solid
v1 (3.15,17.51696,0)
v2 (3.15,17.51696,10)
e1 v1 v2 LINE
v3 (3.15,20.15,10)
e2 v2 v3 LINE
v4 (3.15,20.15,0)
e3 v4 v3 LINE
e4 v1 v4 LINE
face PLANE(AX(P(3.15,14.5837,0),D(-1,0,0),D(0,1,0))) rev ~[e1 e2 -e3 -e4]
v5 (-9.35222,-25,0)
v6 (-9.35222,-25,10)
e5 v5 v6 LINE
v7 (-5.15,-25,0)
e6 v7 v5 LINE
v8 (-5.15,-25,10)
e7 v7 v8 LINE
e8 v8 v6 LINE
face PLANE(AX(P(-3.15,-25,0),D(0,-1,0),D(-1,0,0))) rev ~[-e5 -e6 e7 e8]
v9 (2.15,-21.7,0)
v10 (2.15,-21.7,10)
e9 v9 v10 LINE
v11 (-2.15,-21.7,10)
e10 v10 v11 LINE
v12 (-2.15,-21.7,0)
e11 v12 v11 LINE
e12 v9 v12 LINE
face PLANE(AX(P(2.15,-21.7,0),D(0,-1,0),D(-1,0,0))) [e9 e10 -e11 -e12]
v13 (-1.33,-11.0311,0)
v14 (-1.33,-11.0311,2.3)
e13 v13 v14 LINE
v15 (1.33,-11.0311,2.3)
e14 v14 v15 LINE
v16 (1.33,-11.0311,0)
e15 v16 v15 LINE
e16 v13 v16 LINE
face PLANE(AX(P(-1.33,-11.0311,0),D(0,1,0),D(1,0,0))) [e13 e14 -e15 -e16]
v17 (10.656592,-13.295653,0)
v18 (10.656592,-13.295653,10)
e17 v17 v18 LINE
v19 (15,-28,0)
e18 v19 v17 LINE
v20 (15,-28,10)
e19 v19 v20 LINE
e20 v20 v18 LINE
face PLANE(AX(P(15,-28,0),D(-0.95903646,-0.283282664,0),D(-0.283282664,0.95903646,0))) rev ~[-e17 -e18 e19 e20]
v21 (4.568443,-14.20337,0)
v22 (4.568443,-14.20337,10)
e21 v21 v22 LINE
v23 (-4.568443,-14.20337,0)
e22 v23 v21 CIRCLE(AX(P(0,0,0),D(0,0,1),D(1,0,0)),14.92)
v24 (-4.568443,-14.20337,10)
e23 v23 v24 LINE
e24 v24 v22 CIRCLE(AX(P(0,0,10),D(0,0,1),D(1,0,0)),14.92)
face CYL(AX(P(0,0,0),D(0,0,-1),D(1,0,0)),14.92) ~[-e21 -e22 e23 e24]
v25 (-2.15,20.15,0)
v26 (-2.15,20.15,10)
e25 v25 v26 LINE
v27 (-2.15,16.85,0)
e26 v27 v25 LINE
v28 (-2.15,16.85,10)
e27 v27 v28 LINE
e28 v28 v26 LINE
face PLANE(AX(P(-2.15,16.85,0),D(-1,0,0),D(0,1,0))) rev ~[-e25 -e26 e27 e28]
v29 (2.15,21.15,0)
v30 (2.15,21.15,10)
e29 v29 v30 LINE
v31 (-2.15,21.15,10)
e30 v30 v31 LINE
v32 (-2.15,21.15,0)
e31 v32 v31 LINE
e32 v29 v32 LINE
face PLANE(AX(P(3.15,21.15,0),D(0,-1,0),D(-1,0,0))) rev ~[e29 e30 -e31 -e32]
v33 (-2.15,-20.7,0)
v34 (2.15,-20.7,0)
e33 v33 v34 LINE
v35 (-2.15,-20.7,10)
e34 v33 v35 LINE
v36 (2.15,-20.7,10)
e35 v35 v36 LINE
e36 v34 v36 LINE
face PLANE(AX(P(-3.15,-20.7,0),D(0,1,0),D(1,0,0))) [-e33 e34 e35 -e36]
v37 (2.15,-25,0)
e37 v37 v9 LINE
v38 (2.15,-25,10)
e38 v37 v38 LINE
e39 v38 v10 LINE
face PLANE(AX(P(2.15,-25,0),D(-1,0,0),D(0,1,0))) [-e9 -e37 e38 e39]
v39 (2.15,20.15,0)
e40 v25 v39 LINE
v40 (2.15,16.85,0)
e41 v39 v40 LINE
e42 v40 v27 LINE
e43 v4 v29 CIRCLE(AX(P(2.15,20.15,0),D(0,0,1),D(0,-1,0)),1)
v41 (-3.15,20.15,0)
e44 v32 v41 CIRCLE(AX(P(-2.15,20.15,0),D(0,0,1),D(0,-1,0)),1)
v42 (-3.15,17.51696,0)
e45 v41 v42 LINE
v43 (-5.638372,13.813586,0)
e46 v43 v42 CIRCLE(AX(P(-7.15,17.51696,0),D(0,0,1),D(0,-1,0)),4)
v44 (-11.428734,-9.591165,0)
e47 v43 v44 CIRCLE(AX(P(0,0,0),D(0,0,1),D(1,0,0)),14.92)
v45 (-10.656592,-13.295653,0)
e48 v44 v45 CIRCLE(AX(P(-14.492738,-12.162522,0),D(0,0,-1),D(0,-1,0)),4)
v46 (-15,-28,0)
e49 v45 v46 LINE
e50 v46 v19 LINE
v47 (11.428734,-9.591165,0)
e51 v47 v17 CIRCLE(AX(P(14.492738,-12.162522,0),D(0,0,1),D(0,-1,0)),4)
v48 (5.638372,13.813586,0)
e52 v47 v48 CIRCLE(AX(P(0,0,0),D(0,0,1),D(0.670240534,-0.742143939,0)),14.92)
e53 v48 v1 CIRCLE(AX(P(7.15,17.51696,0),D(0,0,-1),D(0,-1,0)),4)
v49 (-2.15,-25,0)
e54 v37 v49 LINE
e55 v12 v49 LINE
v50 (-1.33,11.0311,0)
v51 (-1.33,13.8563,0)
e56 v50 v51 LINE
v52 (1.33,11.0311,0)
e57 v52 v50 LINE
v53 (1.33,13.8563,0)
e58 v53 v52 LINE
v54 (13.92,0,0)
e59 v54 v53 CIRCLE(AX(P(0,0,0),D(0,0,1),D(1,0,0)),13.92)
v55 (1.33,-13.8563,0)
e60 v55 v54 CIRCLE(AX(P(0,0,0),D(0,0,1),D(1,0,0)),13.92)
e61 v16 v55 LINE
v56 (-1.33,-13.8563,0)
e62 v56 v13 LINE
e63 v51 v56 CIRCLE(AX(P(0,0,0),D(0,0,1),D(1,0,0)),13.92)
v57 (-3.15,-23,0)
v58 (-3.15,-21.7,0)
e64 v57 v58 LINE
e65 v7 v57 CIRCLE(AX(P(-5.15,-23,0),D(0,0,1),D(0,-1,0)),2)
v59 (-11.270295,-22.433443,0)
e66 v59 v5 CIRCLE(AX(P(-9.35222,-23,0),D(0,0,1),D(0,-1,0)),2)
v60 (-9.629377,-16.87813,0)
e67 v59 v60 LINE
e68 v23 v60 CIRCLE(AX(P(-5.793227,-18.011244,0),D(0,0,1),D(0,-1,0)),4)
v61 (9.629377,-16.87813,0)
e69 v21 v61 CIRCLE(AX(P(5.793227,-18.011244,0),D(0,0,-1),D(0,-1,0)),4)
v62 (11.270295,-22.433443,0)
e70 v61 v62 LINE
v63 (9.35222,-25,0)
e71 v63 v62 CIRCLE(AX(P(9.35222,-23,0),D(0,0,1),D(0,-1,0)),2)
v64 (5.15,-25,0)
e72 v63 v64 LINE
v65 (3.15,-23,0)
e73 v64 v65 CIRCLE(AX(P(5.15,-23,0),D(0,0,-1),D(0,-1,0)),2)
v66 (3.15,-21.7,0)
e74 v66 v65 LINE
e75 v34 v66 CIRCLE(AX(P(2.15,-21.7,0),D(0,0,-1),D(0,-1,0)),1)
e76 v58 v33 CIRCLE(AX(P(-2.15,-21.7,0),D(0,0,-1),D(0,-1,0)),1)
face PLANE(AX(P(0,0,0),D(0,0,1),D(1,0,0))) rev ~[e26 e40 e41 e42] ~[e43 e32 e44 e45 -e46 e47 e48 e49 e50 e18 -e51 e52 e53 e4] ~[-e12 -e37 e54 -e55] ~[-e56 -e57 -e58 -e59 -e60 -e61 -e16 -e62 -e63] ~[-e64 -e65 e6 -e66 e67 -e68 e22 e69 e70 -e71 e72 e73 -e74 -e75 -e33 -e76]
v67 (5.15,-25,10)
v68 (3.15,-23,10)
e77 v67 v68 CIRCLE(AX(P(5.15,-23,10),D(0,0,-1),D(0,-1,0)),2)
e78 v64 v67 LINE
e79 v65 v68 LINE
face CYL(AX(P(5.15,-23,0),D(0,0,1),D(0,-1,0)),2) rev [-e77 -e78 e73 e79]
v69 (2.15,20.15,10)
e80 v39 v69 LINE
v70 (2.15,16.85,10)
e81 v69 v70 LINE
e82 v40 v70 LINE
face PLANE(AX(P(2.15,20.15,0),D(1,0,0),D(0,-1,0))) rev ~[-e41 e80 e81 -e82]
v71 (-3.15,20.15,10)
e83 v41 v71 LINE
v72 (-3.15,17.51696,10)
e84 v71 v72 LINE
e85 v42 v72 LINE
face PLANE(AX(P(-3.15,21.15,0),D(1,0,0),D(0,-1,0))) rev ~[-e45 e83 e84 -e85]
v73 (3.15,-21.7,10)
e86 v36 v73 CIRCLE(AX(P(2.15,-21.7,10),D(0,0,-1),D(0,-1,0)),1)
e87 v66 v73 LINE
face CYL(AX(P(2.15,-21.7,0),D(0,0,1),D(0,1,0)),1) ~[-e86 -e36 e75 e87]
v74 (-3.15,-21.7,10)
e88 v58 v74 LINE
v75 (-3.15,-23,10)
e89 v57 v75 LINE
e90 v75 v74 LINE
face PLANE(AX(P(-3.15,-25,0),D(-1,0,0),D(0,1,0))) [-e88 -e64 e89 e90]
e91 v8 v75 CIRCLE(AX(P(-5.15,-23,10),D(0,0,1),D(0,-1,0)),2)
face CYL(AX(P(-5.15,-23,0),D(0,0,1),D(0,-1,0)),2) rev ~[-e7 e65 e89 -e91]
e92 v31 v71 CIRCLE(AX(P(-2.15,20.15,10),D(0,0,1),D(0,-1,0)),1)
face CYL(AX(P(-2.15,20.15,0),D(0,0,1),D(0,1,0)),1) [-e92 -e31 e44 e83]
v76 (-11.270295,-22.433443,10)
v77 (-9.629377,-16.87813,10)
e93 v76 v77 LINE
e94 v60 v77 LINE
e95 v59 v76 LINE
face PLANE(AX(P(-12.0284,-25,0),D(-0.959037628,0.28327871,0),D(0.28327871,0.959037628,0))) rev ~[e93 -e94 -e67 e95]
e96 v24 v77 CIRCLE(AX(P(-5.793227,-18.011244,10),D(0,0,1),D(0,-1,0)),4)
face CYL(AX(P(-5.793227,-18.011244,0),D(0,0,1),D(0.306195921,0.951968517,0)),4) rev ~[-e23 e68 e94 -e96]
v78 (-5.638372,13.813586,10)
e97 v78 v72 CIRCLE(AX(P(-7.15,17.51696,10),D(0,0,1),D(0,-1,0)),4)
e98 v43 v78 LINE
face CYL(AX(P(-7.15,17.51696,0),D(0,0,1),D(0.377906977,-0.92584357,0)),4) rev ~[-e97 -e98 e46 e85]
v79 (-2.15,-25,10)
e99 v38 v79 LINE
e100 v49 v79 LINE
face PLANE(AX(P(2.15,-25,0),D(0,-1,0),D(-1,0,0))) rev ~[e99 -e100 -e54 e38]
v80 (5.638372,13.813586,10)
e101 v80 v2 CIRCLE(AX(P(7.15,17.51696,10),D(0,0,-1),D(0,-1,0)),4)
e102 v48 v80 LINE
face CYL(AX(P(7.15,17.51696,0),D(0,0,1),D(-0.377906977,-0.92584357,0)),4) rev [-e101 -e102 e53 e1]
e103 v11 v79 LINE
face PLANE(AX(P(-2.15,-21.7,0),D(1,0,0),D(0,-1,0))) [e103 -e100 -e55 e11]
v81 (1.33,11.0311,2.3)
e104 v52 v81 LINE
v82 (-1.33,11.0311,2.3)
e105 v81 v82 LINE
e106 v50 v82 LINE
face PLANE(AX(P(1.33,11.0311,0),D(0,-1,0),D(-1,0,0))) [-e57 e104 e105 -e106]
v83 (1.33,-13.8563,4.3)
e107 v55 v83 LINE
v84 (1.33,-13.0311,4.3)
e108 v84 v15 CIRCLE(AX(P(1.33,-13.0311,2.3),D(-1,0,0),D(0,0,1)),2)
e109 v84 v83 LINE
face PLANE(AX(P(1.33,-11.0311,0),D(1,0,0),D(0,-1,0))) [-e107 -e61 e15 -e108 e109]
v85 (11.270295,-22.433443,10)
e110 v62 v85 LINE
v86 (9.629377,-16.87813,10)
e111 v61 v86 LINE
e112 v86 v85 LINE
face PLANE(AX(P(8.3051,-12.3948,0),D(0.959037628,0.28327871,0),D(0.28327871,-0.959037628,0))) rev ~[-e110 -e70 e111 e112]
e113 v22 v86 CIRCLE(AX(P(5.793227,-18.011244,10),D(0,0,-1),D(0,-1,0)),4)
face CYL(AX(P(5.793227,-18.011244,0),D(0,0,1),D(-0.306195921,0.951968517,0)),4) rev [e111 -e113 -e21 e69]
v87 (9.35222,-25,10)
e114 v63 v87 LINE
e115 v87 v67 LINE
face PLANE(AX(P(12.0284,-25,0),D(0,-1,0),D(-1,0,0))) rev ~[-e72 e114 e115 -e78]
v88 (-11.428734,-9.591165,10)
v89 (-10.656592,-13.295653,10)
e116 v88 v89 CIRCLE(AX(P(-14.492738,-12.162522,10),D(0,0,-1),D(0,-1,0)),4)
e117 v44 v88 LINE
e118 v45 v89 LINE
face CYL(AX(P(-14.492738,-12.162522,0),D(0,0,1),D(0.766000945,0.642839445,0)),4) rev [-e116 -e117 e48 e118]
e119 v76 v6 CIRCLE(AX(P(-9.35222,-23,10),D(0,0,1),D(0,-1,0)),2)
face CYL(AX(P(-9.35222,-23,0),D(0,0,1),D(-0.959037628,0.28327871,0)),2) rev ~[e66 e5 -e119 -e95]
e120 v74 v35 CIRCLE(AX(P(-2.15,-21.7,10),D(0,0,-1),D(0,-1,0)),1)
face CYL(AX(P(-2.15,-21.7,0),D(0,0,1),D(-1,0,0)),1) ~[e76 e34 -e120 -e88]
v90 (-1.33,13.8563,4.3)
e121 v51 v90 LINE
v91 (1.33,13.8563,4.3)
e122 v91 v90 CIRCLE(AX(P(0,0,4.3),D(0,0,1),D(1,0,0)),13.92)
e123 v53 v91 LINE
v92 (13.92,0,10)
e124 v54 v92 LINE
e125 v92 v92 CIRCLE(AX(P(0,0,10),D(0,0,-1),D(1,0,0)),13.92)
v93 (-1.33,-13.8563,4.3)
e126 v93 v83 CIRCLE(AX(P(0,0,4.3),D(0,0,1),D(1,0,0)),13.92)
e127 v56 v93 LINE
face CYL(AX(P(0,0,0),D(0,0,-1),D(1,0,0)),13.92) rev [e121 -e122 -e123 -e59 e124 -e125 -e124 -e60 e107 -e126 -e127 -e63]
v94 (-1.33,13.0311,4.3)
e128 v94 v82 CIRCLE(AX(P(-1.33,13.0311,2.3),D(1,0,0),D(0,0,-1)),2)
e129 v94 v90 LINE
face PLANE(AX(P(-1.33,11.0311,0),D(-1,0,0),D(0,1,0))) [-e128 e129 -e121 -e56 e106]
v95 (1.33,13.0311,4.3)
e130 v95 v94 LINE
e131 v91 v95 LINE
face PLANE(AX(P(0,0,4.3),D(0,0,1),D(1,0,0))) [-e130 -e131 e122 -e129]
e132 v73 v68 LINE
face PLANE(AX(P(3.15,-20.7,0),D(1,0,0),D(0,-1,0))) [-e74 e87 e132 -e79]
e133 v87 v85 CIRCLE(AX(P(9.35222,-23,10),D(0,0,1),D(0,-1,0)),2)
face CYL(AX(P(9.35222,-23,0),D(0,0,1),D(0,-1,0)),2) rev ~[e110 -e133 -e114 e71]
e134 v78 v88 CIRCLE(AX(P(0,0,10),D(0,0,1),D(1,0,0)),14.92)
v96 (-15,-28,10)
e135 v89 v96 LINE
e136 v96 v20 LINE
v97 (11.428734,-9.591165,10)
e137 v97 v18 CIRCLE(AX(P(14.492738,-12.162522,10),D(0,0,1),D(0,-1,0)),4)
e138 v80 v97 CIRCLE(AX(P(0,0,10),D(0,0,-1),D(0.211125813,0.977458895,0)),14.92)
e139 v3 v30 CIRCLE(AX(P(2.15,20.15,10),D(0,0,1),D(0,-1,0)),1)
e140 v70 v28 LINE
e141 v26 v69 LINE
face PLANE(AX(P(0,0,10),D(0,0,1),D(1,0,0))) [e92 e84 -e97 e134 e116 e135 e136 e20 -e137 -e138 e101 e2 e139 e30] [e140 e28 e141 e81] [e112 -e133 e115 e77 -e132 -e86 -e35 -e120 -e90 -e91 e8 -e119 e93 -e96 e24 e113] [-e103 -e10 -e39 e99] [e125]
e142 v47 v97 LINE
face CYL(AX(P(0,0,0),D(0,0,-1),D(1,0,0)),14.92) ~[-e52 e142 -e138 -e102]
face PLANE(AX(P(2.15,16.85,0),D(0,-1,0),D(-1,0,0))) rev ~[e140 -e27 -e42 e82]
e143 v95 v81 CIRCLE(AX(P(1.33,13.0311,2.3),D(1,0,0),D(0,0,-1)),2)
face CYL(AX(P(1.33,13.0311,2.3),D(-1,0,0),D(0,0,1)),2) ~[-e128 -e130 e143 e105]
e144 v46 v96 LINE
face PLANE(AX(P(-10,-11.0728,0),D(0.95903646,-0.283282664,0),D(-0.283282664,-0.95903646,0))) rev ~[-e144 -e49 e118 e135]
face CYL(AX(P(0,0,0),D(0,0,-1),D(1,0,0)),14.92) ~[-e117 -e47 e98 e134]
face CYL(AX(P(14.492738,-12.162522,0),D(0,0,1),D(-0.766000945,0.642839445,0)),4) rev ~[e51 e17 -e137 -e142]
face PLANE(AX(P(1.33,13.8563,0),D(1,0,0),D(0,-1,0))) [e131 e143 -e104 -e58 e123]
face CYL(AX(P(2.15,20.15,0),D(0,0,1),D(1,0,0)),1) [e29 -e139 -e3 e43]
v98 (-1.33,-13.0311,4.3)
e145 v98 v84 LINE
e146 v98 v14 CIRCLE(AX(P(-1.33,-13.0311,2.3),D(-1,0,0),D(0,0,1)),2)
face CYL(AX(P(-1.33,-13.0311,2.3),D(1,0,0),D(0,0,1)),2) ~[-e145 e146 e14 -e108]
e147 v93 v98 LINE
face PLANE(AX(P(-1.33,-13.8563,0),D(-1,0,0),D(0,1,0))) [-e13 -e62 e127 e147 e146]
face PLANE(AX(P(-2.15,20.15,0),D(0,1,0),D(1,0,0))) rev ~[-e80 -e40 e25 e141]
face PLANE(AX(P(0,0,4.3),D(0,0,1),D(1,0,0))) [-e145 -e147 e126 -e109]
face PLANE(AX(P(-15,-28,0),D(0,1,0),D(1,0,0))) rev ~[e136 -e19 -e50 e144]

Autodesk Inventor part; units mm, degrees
ref_plane "YZ Plane" through (0, 0, 0) normal (1, 0, 0) x (0, 1, 0)
ref_plane "XZ Plane" through (0, 0, 0) normal (0, 1, 0) x (-1, 0, 0)
ref_plane "XY Plane" through (0, 0, 0) normal (0, 0, 1) x (1, 0, 0)
sketch "Sketch1" plane through (0, 0, 0) normal (0, 0, 1) x (1, 0, 0)
  circle A0 centre (0, 0) radius 13.92
  circle A1 centre (0, 0) radius 14.92
  line L0 (-10, -11.0728) -> (-15, -28)
  line L1 (-15, -28) -> (15, -28)
  line L2 (15, -28) -> (10, -11.0728)
  line L3 (8.3051, -12.3948) -> (12.0284, -25)
  line L4 (12.0284, -25) -> (-12.0284, -25)
  line L5 (-12.0284, -25) -> (-8.3051, -12.3948)
  line L6 (-2, -22) -> (2, -22) construction
  line L7 (2, -22) -> (2, -25) construction
  line L8 (2, -25) -> (-2, -25) construction
  line L9 (-2, -25) -> (-2, -22) construction
  line L10 (2.15, -21.7) -> (-2.15, -21.7)
  line L11 (-2.15, -21.7) -> (-2.15, -25)
  line L12 (-2.15, -25) -> (2.15, -25) construction
  line L13 (2.15, -25) -> (2.15, -25)
  line L14 (2.15, -25) -> (2.15, -21.7)
  line L15 (-2.15, -25) -> (-2.15, -25)
  line L16 (-3.15, -25) -> (-3.15, -20.7)
  line L17 (-3.15, -20.7) -> (3.15, -20.7)
  line L18 (3.15, -20.7) -> (3.15, -25)
  line L19 (-1.48, 13.8411) -> (-1.48, 10.8811) construction
  line L20 (-1.48, 10.8811) -> (1.48, 10.8811) construction
  line L21 (1.48, 10.8811) -> (1.48, 13.8411) construction
  line L22 (1.33, 13.8563) -> (1.33, 11.0311)
  line L23 (1.33, 11.0311) -> (-1.33, 11.0311)
  line L24 (-1.33, 11.0311) -> (-1.33, 13.8563)
  line L25 (-1.33, -13.8563) -> (-1.33, -11.0311)
  line L26 (-1.33, -11.0311) -> (1.33, -11.0311)
  line L27 (1.33, -11.0311) -> (1.33, -13.8563)
  line L28 (2, 20) -> (-2, 20) construction
  line L29 (-2, 20) -> (-2, 17) construction
  line L30 (-2, 17) -> (2, 17) construction
  line L31 (2, 17) -> (2, 20) construction
  line L32 (-2.15, 16.85) -> (-2.15, 20.15)
  line L33 (-2.15, 20.15) -> (2.15, 20.15)
  line L34 (2.15, 20.15) -> (2.15, 16.85)
  line L35 (2.15, 16.85) -> (-2.15, 16.85)
  line L36 (3.15, 14.5837) -> (3.15, 21.15)
  line L37 (3.15, 21.15) -> (-3.15, 21.15)
  line L38 (-3.15, 21.15) -> (-3.15, 14.5837)
  point P0 (0, -22)
  point P1 (0, 10.8811)
  point P2 (0, 20)
  dimension "d0" = 27.84
  dimension "d1" = 1
  dimension "d2" = 3
  dimension "d3" = 2
  dimension "d4" = 2
  dimension "d5" = 28
  dimension "d6" = 30
  dimension "d7" = 20
  dimension "d10" = 3
  dimension "d11" = 4
  dimension "d12" = 3
  dimension "d13" = 0.3
  dimension "d14" = 0.15
  dimension "d15" = 0.15
  dimension "d16" = 1
  dimension "d17" = 1
  dimension "d18" = 1
  dimension "d22" = 2.96
  dimension "d23" = 2.96
  dimension "d24" = 0.15
  dimension "d25" = 0.15
  dimension "d26" = 0.15
  dimension "d30" = 3
  dimension "d31" = 4
  dimension "d32" = 17
  dimension "d33" = 0.15
  dimension "d34" = 1
  dimension "d35" = 1
  dimension "d36" = 1
extrude "Extrusion1" add sketch "Sketch1" along normal blind 10 contours A1 | A1 L38 L37 L36 | L2 L1 L0 A1 L5 L4 L3 | L4 L14 L10 L11 L16 L17 L18
fillet "Fillet1" radius 4 6 edges at (10, -11.0728, 5) (-10, -11.0728, 5) (-8.3051, -12.3948, 5) (8.3051, -12.3948, 5) (3.15, 14.5837, 5) (-3.15, 14.5837, 5)
fillet "Fillet1" radius 2 4 edges at (-12.0284, -25, 5) (12.0284, -25, 5) (3.15, -25, 5) (-3.15, -25, 5)
fillet "Fillet1" radius 1 4 edges at (-3.15, -20.7, 5) (3.15, -20.7, 5) (3.15, 21.15, 5) (-3.15, 21.15, 5)
extrude "Extrusion2" add sketch "Sketch1" along normal blind 4.3 contours L22 L23 L24 A0 | A0 L25 L26 L27
fillet "Fillet2" radius 2 2 edges at (0, -11.0311, 4.3) (0, 11.0311, 4.3)
properties part number "Motor Reversed Mount" material "ABS Plastic"
